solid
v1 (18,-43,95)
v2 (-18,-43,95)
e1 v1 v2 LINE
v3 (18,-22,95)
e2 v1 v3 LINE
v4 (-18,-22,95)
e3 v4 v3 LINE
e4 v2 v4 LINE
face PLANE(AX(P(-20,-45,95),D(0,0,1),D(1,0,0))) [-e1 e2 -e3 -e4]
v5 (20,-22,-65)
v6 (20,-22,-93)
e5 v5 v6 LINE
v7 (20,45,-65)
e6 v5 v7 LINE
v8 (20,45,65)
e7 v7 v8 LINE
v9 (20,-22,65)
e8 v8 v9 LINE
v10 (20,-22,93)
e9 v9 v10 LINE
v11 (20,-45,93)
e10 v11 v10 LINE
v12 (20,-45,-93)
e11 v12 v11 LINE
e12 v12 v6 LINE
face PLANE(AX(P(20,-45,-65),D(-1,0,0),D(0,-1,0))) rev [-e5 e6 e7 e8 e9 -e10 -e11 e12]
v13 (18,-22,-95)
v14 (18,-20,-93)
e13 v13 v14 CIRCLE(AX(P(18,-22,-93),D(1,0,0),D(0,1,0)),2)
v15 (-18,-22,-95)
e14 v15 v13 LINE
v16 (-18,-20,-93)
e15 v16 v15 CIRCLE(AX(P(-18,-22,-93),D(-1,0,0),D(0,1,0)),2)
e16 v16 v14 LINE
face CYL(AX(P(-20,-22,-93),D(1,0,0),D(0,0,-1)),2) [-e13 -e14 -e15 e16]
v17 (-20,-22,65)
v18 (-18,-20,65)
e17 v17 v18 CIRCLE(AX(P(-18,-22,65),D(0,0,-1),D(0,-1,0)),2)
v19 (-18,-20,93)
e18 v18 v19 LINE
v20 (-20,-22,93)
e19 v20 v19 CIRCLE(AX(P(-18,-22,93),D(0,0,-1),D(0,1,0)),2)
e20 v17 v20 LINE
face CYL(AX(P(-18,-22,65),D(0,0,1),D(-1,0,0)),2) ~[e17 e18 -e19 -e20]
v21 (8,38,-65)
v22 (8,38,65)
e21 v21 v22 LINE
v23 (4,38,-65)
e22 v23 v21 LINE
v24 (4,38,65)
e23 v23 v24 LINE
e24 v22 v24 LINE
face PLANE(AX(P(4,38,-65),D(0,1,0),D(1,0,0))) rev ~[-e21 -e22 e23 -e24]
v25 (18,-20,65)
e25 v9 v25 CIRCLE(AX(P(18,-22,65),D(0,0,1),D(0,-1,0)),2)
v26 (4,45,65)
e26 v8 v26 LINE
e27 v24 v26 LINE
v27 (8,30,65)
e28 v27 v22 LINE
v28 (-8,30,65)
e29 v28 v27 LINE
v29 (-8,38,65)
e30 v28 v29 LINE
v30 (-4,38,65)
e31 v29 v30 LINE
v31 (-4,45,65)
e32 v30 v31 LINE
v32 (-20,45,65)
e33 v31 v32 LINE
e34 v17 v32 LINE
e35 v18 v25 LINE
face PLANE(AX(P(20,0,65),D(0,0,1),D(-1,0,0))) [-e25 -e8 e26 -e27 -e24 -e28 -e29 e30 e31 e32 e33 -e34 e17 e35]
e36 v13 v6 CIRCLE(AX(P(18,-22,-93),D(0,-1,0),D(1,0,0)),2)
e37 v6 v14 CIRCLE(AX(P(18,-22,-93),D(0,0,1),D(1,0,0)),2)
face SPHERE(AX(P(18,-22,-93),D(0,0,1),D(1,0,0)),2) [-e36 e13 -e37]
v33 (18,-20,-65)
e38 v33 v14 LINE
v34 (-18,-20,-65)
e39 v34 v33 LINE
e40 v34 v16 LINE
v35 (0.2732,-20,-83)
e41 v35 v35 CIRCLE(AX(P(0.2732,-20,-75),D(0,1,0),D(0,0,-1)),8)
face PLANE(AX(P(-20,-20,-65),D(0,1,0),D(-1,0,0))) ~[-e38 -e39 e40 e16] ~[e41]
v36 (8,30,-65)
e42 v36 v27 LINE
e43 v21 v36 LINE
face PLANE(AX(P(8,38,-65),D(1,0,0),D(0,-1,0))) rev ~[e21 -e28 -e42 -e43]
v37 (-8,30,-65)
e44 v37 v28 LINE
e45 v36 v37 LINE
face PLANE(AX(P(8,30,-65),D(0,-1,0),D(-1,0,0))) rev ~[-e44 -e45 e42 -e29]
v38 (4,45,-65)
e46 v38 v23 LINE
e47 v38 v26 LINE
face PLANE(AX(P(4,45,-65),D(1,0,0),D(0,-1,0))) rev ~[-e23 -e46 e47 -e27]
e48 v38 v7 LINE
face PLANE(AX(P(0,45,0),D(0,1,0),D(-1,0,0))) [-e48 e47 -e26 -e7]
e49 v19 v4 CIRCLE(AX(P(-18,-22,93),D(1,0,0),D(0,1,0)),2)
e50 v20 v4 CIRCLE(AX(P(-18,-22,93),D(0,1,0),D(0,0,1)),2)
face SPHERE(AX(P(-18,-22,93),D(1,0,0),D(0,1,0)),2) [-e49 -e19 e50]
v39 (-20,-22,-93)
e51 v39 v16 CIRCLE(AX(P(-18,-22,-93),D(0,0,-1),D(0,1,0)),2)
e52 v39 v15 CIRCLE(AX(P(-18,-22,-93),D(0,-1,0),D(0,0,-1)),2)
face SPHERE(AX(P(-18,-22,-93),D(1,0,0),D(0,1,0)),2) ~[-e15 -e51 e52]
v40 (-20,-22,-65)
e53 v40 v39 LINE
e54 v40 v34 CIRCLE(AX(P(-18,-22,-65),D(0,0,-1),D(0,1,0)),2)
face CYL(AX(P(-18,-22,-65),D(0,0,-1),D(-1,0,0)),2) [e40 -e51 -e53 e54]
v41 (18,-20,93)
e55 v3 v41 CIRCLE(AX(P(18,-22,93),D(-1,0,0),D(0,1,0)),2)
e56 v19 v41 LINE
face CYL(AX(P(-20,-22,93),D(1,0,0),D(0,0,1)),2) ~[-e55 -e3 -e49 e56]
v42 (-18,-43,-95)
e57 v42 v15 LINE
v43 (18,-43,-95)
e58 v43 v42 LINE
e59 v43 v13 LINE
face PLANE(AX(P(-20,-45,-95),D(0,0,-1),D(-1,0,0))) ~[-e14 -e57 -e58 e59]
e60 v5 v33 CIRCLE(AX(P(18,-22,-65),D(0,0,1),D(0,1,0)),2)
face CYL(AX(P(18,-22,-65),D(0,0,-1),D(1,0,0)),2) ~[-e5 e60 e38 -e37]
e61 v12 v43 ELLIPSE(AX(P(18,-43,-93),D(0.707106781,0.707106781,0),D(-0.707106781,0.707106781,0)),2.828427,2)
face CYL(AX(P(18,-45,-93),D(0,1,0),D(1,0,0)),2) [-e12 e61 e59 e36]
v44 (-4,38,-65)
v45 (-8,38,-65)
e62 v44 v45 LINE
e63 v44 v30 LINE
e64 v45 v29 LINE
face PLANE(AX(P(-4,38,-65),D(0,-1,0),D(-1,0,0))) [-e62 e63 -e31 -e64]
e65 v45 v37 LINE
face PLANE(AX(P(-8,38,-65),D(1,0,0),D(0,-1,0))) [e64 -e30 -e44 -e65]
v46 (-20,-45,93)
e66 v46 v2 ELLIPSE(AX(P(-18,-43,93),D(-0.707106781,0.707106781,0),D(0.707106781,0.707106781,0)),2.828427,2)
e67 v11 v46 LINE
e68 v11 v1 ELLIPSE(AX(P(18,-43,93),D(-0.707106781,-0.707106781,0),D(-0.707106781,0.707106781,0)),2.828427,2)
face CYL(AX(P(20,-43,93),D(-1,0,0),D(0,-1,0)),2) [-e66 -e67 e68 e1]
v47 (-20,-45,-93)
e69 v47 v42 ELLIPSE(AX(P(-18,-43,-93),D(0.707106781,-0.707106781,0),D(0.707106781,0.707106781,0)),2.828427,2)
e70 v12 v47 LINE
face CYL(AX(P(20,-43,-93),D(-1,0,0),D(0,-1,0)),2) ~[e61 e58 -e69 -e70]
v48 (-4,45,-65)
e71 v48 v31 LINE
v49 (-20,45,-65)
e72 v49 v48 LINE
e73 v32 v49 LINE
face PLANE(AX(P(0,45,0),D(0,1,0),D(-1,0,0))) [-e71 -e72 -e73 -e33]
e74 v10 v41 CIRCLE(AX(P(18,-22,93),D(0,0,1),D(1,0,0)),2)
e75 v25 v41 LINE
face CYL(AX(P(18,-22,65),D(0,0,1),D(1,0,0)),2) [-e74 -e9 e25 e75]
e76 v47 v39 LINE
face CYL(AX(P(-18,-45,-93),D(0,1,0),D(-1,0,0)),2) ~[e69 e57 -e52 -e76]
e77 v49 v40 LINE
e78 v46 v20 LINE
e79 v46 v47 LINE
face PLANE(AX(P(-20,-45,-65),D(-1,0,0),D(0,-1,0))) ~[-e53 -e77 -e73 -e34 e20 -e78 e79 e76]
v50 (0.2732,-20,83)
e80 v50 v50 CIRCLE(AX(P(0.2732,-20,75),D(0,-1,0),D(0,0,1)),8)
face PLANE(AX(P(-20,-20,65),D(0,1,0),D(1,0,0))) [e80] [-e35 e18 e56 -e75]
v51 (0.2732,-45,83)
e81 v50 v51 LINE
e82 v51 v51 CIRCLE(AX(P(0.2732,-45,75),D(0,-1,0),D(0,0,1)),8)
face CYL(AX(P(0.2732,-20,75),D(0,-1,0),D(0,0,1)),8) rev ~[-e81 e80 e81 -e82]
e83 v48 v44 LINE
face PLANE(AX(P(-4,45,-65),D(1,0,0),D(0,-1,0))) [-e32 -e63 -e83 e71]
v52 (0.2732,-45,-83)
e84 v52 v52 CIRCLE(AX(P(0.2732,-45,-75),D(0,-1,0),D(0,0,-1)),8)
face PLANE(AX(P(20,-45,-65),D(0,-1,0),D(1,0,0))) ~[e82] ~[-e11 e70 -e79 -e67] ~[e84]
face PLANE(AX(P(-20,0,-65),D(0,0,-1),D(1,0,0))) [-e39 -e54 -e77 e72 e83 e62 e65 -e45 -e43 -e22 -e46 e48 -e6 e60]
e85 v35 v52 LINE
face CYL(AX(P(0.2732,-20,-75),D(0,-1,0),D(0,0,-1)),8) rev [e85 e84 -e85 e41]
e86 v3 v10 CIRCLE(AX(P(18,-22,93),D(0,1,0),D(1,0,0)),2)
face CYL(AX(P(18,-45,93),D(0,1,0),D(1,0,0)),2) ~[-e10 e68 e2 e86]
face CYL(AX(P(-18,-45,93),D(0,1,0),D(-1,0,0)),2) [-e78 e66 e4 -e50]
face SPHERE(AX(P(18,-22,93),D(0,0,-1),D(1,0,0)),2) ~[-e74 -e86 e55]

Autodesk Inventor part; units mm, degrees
ref_plane "YZ Plane" through (0, 0, 0) normal (1, 0, 0) x (0, 1, 0)
ref_plane "XZ Plane" through (0, 0, 0) normal (0, 1, 0) x (-1, 0, 0)
ref_plane "XY Plane" through (0, 0, 0) normal (0, 0, 1) x (1, 0, 0)
sketch "Esquisse1" plane through (0, 0, 0) normal (0, 1, 0) x (-1, 0, 0)
  line L0 (-20, 65) -> (20, 65)
  line L1 (20, 65) -> (20, -65)
  line L2 (20, -65) -> (-20, -65)
  line L3 (-20, -65) -> (-20, 65)
  line L4 (-20, 65) -> (20, -65) construction
  line L5 (20, 65) -> (-20, -65) construction
  point P0 (0, 0)
  dimension "d0" = 40
  dimension "d1" = 130
extrude "Extrusion1" add sketch "Esquisse1" along normal mid plane 90
sketch "Esquisse2" plane through (20, 45, -65) normal (0, 0, -1) x (-1, 0, 0)
  line L0 (0, 0) -> (40, 0) projected
  line L1 (16, 0) -> (16, -7)
  line L2 (16, -7) -> (12, -7)
  line L3 (12, -7) -> (12, -15)
  line L4 (20, 0.6313) -> (20, -19.069)
  line L5 (12, -15) -> (20, -15)
  line L6 (24, 0) -> (24, -7)
  line L7 (24, -7) -> (28, -7)
  line L8 (28, -7) -> (28, -15)
  line L9 (28, -15) -> (20, -15)
  point P0 (20, -45)
  point P1 (20, 0)
  dimension "d4" = 7
  dimension "d5" = 4
  dimension "d6" = 4
  dimension "d7" = 8
extrude "Extrusion2" cut sketch "Esquisse2" against normal through all
sketch "Esquisse3" plane through (-20, -45, 65) normal (0, 0, 1) x (1, 0, 0)
  line L0 (40, 0) -> (40, 90) projected
  line L1 (0, 25) -> (40, 25)
  line L2 (40, 25) -> (40, 0)
  line L3 (40, 0) -> (0, 0)
  line L4 (0, 0) -> (0, 25)
  line L5 (0, 25) -> (40, 0) construction
  line L6 (40, 25) -> (0, 0) construction
  point P0 (20, 45)
  point P1 (20, 12.5)
  dimension "d10" = 25
extrude "Extrusion3" add sketch "Esquisse3" along normal blind 30
fillet "Congé1" radius 2 6 edges at (20, -20, 80) (20, -32.5, 95) (0, -20, 95) (-20, -20, 80) (-20, -32.5, 95) (0, -45, 95)
sketch "Esquisse4" plane through (-18, -20, 65) normal (0, 1, 0) x (1, 0, 0)
  line L0 (0, -28) -> (0, 0) projected
  line L1 (36, -28) -> (0, -28) projected
  line L2 (36, 0) -> (36, -28) projected
  line L3 (0, 0) -> (36, 0) projected
  line L4 (46, 65) -> (-10, 65) projected
  point P0 (18, 65)
  point P1 (18.2732, -10)
  dimension "d21" = 75
hole "Perçage1" at (0.2732, -20, 75) direction (0, -1, 0) diameter 16 end through all
mirror "Mise en miroir2" about plane through (0, 0, 0) normal (0, 0, 1) of "Extrusion3", "Congé1", "Perçage1"
properties part number "Support"
